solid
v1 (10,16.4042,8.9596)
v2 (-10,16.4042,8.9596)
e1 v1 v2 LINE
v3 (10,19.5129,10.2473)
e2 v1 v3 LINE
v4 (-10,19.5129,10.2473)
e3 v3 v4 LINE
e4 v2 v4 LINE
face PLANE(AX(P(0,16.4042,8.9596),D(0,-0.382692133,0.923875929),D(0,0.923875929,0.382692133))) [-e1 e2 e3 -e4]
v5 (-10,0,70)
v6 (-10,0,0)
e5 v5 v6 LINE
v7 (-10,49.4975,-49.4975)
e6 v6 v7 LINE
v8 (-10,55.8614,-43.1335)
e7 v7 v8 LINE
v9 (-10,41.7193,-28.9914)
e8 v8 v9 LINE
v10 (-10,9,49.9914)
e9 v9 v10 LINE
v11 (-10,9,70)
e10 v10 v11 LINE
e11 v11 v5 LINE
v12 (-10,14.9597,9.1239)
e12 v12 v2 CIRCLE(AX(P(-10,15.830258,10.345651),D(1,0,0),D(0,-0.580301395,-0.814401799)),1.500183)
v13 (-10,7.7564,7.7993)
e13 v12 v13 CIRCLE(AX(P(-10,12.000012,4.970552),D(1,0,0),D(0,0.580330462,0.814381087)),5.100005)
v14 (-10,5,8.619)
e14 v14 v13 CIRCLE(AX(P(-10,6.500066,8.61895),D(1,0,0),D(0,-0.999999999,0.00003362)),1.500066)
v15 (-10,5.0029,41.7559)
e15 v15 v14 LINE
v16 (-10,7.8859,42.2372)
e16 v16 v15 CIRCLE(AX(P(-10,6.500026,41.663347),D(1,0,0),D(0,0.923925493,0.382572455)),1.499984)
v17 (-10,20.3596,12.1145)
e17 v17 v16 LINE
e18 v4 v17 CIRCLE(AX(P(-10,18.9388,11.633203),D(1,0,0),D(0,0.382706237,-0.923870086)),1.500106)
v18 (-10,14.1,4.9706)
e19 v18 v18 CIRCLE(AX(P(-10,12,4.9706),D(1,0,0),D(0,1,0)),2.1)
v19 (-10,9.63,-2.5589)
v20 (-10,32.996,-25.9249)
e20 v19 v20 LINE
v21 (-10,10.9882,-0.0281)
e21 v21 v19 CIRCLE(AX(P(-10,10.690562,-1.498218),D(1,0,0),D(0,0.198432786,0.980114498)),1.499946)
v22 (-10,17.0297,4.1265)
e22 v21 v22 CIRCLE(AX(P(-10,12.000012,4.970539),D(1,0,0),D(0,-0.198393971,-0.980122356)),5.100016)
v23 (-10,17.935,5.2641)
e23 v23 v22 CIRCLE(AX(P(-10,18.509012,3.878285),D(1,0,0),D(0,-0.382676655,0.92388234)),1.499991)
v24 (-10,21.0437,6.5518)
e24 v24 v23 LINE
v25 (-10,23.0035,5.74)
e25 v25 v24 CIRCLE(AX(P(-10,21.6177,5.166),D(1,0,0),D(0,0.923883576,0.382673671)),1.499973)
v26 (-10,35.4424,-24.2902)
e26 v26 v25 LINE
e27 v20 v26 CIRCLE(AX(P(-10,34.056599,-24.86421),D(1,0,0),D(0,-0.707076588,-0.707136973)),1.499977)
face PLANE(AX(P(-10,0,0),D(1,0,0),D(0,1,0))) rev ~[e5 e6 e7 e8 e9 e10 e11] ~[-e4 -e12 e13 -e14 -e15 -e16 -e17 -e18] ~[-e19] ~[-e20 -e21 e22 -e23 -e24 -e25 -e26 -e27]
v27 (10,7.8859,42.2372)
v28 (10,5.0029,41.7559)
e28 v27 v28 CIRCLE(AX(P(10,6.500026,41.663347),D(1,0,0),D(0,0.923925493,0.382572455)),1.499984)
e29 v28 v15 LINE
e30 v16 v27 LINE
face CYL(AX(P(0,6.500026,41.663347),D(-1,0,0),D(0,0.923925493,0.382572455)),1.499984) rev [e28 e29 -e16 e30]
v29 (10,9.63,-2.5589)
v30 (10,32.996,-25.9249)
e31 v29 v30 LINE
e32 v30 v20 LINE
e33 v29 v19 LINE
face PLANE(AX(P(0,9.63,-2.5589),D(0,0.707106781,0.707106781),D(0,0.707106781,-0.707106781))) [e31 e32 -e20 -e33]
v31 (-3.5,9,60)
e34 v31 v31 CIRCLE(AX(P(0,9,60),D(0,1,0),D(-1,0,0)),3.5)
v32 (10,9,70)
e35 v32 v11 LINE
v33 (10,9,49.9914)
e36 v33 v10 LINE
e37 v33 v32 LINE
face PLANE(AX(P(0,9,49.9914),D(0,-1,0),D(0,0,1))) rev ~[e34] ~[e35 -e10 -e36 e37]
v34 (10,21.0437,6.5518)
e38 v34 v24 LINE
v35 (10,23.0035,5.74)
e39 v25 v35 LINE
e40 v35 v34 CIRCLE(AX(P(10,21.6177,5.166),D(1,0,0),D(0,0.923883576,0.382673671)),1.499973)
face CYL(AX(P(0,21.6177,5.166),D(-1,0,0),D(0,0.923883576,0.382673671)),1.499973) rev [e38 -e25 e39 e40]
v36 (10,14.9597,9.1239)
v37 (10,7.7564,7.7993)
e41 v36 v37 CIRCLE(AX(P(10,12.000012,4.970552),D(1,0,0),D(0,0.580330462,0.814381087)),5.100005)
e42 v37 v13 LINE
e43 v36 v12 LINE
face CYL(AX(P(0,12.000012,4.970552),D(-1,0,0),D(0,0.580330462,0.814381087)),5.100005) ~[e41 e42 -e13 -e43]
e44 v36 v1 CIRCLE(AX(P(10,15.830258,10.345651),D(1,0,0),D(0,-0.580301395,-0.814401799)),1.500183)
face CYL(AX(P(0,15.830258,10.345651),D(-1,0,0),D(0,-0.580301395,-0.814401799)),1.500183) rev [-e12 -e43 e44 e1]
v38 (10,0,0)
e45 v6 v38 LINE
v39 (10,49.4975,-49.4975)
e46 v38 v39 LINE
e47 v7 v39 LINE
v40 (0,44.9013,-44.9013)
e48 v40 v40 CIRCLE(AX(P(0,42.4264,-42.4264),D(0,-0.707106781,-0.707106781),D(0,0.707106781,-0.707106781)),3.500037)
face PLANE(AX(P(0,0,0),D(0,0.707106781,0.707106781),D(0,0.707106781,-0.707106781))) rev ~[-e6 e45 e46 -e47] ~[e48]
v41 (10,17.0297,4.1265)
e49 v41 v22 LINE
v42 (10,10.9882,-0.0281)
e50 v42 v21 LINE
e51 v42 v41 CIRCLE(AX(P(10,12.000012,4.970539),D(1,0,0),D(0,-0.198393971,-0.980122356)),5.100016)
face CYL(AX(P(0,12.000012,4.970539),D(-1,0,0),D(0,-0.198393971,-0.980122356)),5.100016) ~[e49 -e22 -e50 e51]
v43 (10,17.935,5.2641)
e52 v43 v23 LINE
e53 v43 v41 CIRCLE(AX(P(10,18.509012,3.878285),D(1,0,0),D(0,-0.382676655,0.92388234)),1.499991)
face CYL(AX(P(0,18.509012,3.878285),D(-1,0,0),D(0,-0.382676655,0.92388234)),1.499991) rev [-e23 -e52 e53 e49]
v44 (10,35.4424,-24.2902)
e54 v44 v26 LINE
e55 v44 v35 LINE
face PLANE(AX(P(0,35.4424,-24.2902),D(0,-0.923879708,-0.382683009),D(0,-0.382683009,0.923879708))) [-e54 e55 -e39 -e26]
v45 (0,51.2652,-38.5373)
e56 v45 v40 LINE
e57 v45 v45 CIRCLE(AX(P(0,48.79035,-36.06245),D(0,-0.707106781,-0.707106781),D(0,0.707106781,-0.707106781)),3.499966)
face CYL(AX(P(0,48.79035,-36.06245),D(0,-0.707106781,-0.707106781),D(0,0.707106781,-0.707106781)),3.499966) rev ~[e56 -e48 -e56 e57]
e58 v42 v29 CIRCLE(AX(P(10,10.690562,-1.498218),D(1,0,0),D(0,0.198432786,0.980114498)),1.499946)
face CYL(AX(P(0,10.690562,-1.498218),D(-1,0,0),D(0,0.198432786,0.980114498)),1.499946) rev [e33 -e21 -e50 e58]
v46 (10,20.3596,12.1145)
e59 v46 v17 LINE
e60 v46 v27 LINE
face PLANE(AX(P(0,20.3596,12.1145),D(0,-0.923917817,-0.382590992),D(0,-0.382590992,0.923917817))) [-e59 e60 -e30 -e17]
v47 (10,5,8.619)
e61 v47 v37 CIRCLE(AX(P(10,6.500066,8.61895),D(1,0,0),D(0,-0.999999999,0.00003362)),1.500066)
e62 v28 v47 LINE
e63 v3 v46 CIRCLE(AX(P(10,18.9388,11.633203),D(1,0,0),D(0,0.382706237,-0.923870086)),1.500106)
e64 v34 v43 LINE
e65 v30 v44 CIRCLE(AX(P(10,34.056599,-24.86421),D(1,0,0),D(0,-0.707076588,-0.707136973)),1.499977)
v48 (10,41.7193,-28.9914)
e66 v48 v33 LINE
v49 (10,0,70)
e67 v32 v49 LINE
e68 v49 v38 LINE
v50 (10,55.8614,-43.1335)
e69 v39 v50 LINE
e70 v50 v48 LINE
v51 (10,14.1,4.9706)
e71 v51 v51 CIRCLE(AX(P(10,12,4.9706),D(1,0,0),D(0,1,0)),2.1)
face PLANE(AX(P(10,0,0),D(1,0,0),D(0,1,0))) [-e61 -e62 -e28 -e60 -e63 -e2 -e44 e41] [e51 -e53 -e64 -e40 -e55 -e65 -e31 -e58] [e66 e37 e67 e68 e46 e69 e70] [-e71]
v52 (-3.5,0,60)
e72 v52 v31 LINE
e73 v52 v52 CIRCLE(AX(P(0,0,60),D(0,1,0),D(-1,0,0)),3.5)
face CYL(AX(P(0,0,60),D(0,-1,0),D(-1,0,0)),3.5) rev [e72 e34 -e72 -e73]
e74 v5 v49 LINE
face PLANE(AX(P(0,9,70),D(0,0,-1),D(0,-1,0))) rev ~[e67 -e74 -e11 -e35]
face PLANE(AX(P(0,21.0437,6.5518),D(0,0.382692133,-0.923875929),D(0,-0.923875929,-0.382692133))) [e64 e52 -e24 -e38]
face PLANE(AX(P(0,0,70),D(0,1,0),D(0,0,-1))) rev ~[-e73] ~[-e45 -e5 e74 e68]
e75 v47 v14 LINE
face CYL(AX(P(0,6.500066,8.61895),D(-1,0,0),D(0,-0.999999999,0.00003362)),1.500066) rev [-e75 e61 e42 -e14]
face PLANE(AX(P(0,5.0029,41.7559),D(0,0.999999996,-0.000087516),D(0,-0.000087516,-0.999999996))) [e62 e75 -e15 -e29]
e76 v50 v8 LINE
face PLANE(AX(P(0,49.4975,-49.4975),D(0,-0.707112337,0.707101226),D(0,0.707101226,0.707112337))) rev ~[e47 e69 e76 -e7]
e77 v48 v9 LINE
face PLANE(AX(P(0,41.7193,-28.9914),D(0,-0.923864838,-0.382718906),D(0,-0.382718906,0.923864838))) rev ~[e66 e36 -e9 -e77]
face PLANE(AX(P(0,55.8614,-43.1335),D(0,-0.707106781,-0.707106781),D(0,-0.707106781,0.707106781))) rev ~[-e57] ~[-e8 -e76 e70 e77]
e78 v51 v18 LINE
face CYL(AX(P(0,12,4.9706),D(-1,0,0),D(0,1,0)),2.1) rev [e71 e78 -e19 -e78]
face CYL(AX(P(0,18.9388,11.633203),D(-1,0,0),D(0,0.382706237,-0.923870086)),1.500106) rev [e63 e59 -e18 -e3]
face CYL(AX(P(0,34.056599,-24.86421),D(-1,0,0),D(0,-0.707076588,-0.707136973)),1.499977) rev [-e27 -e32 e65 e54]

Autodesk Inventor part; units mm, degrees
sketch "Sketch_8" plane through (0, 0, 0) normal (1, 0, 0) x (0, 1, 0)
  line L0 (0, 70) -> (0, 0)
  line L1 (0, 0) -> (49.4975, -49.4975)
  line L2 (49.4975, -49.4975) -> (55.8614, -43.1335)
  line L3 (55.8614, -43.1335) -> (41.7193, -28.9914)
  line L4 (41.7193, -28.9914) -> (9, 49.9914)
  line L5 (9, 49.9914) -> (9, 70)
  line L6 (9, 70) -> (0, 70)
  arc A0 (23.0035, 5.74) -> (21.0437, 6.5518) centre (21.6177, 5.166) ccw
  line L7 (21.0437, 6.5518) -> (17.935, 5.2641)
  arc A1 (17.935, 5.2641) -> (17.0297, 4.1265) centre (18.509, 3.8783) ccw
  arc A2 (10.9882, -0.0281) -> (17.0297, 4.1265) centre (12, 4.9706) ccw
  arc A3 (10.9882, -0.0281) -> (9.63, -2.5589) centre (10.6906, -1.4983) ccw
  line L8 (9.63, -2.5589) -> (32.996, -25.9249)
  arc A4 (32.996, -25.9249) -> (35.4424, -24.2902) centre (34.0566, -24.8642) ccw
  line L9 (35.4424, -24.2902) -> (23.0035, 5.74)
  circle A5 centre (12, 4.9706) radius 2.1
  arc A6 (7.8859, 42.2372) -> (5.0029, 41.7559) centre (6.5, 41.6633) ccw
  line L10 (5.0029, 41.7559) -> (5, 8.619)
  arc A7 (5, 8.619) -> (7.7564, 7.7993) centre (6.5, 8.6189) ccw
  arc A8 (14.9597, 9.1239) -> (7.7564, 7.7993) centre (12, 4.9705) ccw
  arc A9 (14.9597, 9.1239) -> (16.4042, 8.9596) centre (15.8302, 10.3455) ccw
  line L11 (16.4042, 8.9596) -> (19.5129, 10.2473)
  arc A10 (19.5129, 10.2473) -> (20.3596, 12.1145) centre (18.9389, 11.6331) ccw
  line L12 (20.3596, 12.1145) -> (7.8859, 42.2372)
extrude "Extrusion1" add sketch "Sketch_8" along normal mid plane 20
sketch "Sketch_3" plane through (0, 0, 0) normal (0, 1, 0) x (-1, 0, 0)
  circle A0 centre (0, 60) radius 3.5
extrude "Extrusion2" cut sketch "Sketch_3" along normal blind 9
sketch "Sketch_9" plane through (0, 0, 0) normal (1, 0, 0) x (0, 1, 0)
  line L0 (42.4264, -42.4264) -> (48.7904, -36.0624)
  line L1 (48.7904, -36.0624) -> (51.2652, -38.5373)
  line L2 (51.2652, -38.5373) -> (44.9013, -44.9013)
  line L3 (44.9013, -44.9013) -> (42.4264, -42.4264)
  line L4 (42.4264, -42.4264) -> (48.7904, -36.0624)
revolve "Revolution1" cut sketch "Sketch_9" angle 360 about axis through (0, 42.4264, -42.4264) along (0, -0.7071, -0.7071)
ref_plane "bracket_to_dummy_XY" through (0, 0, 0) normal (0, 1, 0) x (1, 0, 0)
ref_plane "bracket_to_dummy_YZ" through (0, 0, 0) normal (1, 0, 0) x (0, 0, -1)
ref_plane "bracket_to_dummy_ZX" through (0, 0, 0) normal (0, 0, -1) x (0, 1, 0)
ref_plane "1_to_bolt_XY" through (0, 9, 60) normal (0, 1, 0) x (1, 0, 0)
ref_plane "1_to_bolt_YZ" through (0, 9, 60) normal (1, 0, 0) x (0, 0, -1)
ref_plane "1_to_bolt_ZX" through (0, 9, 60) normal (0, 0, -1) x (0, 1, 0)
ref_plane "6_to_bolt_XY" through (0, 48.7904, -36.0624) normal (0, 0.7071, 0.7071) x (0, 0.7071, -0.7071)
ref_plane "6_to_bolt_YZ" through (0, 48.7904, -36.0624) normal (0, 0.7071, -0.7071) x (-1, 0, 0)
ref_plane "6_to_bolt_ZX" through (0, 48.7904, -36.0624) normal (-1, 0, 0) x (0, 0.7071, 0.7071)
ref_plane "7_to_bolt_XY" through (30, 48.7904, -36.0624) normal (0, 0.7071, 0.7071) x (0, 0.7071, -0.7071)
ref_plane "7_to_bolt_YZ" through (30, 48.7904, -36.0624) normal (0, 0.7071, -0.7071) x (-1, 0, 0)
ref_plane "7_to_bolt_ZX" through (30, 48.7904, -36.0624) normal (-1, 0, 0) x (0, 0.7071, 0.7071)
ref_plane "8_to_bolt_XY" through (0, 9, 60) normal (0, 1, 0) x (0, 0, -1)
ref_plane "8_to_bolt_YZ" through (0, 9, 60) normal (0, 0, -1) x (-1, 0, 0)
ref_plane "8_to_bolt_ZX" through (0, 9, 60) normal (-1, 0, 0) x (0, 1, 0)
ref_plane "9_to_bolt_XY" through (30, 9, 60) normal (0, 1, 0) x (0, 0, -1)
ref_plane "9_to_bolt_YZ" through (30, 9, 60) normal (0, 0, -1) x (-1, 0, 0)
ref_plane "9_to_bolt_ZX" through (30, 9, 60) normal (-1, 0, 0) x (0, 1, 0)
properties part number "HBL135TS6hbl45ts6"
